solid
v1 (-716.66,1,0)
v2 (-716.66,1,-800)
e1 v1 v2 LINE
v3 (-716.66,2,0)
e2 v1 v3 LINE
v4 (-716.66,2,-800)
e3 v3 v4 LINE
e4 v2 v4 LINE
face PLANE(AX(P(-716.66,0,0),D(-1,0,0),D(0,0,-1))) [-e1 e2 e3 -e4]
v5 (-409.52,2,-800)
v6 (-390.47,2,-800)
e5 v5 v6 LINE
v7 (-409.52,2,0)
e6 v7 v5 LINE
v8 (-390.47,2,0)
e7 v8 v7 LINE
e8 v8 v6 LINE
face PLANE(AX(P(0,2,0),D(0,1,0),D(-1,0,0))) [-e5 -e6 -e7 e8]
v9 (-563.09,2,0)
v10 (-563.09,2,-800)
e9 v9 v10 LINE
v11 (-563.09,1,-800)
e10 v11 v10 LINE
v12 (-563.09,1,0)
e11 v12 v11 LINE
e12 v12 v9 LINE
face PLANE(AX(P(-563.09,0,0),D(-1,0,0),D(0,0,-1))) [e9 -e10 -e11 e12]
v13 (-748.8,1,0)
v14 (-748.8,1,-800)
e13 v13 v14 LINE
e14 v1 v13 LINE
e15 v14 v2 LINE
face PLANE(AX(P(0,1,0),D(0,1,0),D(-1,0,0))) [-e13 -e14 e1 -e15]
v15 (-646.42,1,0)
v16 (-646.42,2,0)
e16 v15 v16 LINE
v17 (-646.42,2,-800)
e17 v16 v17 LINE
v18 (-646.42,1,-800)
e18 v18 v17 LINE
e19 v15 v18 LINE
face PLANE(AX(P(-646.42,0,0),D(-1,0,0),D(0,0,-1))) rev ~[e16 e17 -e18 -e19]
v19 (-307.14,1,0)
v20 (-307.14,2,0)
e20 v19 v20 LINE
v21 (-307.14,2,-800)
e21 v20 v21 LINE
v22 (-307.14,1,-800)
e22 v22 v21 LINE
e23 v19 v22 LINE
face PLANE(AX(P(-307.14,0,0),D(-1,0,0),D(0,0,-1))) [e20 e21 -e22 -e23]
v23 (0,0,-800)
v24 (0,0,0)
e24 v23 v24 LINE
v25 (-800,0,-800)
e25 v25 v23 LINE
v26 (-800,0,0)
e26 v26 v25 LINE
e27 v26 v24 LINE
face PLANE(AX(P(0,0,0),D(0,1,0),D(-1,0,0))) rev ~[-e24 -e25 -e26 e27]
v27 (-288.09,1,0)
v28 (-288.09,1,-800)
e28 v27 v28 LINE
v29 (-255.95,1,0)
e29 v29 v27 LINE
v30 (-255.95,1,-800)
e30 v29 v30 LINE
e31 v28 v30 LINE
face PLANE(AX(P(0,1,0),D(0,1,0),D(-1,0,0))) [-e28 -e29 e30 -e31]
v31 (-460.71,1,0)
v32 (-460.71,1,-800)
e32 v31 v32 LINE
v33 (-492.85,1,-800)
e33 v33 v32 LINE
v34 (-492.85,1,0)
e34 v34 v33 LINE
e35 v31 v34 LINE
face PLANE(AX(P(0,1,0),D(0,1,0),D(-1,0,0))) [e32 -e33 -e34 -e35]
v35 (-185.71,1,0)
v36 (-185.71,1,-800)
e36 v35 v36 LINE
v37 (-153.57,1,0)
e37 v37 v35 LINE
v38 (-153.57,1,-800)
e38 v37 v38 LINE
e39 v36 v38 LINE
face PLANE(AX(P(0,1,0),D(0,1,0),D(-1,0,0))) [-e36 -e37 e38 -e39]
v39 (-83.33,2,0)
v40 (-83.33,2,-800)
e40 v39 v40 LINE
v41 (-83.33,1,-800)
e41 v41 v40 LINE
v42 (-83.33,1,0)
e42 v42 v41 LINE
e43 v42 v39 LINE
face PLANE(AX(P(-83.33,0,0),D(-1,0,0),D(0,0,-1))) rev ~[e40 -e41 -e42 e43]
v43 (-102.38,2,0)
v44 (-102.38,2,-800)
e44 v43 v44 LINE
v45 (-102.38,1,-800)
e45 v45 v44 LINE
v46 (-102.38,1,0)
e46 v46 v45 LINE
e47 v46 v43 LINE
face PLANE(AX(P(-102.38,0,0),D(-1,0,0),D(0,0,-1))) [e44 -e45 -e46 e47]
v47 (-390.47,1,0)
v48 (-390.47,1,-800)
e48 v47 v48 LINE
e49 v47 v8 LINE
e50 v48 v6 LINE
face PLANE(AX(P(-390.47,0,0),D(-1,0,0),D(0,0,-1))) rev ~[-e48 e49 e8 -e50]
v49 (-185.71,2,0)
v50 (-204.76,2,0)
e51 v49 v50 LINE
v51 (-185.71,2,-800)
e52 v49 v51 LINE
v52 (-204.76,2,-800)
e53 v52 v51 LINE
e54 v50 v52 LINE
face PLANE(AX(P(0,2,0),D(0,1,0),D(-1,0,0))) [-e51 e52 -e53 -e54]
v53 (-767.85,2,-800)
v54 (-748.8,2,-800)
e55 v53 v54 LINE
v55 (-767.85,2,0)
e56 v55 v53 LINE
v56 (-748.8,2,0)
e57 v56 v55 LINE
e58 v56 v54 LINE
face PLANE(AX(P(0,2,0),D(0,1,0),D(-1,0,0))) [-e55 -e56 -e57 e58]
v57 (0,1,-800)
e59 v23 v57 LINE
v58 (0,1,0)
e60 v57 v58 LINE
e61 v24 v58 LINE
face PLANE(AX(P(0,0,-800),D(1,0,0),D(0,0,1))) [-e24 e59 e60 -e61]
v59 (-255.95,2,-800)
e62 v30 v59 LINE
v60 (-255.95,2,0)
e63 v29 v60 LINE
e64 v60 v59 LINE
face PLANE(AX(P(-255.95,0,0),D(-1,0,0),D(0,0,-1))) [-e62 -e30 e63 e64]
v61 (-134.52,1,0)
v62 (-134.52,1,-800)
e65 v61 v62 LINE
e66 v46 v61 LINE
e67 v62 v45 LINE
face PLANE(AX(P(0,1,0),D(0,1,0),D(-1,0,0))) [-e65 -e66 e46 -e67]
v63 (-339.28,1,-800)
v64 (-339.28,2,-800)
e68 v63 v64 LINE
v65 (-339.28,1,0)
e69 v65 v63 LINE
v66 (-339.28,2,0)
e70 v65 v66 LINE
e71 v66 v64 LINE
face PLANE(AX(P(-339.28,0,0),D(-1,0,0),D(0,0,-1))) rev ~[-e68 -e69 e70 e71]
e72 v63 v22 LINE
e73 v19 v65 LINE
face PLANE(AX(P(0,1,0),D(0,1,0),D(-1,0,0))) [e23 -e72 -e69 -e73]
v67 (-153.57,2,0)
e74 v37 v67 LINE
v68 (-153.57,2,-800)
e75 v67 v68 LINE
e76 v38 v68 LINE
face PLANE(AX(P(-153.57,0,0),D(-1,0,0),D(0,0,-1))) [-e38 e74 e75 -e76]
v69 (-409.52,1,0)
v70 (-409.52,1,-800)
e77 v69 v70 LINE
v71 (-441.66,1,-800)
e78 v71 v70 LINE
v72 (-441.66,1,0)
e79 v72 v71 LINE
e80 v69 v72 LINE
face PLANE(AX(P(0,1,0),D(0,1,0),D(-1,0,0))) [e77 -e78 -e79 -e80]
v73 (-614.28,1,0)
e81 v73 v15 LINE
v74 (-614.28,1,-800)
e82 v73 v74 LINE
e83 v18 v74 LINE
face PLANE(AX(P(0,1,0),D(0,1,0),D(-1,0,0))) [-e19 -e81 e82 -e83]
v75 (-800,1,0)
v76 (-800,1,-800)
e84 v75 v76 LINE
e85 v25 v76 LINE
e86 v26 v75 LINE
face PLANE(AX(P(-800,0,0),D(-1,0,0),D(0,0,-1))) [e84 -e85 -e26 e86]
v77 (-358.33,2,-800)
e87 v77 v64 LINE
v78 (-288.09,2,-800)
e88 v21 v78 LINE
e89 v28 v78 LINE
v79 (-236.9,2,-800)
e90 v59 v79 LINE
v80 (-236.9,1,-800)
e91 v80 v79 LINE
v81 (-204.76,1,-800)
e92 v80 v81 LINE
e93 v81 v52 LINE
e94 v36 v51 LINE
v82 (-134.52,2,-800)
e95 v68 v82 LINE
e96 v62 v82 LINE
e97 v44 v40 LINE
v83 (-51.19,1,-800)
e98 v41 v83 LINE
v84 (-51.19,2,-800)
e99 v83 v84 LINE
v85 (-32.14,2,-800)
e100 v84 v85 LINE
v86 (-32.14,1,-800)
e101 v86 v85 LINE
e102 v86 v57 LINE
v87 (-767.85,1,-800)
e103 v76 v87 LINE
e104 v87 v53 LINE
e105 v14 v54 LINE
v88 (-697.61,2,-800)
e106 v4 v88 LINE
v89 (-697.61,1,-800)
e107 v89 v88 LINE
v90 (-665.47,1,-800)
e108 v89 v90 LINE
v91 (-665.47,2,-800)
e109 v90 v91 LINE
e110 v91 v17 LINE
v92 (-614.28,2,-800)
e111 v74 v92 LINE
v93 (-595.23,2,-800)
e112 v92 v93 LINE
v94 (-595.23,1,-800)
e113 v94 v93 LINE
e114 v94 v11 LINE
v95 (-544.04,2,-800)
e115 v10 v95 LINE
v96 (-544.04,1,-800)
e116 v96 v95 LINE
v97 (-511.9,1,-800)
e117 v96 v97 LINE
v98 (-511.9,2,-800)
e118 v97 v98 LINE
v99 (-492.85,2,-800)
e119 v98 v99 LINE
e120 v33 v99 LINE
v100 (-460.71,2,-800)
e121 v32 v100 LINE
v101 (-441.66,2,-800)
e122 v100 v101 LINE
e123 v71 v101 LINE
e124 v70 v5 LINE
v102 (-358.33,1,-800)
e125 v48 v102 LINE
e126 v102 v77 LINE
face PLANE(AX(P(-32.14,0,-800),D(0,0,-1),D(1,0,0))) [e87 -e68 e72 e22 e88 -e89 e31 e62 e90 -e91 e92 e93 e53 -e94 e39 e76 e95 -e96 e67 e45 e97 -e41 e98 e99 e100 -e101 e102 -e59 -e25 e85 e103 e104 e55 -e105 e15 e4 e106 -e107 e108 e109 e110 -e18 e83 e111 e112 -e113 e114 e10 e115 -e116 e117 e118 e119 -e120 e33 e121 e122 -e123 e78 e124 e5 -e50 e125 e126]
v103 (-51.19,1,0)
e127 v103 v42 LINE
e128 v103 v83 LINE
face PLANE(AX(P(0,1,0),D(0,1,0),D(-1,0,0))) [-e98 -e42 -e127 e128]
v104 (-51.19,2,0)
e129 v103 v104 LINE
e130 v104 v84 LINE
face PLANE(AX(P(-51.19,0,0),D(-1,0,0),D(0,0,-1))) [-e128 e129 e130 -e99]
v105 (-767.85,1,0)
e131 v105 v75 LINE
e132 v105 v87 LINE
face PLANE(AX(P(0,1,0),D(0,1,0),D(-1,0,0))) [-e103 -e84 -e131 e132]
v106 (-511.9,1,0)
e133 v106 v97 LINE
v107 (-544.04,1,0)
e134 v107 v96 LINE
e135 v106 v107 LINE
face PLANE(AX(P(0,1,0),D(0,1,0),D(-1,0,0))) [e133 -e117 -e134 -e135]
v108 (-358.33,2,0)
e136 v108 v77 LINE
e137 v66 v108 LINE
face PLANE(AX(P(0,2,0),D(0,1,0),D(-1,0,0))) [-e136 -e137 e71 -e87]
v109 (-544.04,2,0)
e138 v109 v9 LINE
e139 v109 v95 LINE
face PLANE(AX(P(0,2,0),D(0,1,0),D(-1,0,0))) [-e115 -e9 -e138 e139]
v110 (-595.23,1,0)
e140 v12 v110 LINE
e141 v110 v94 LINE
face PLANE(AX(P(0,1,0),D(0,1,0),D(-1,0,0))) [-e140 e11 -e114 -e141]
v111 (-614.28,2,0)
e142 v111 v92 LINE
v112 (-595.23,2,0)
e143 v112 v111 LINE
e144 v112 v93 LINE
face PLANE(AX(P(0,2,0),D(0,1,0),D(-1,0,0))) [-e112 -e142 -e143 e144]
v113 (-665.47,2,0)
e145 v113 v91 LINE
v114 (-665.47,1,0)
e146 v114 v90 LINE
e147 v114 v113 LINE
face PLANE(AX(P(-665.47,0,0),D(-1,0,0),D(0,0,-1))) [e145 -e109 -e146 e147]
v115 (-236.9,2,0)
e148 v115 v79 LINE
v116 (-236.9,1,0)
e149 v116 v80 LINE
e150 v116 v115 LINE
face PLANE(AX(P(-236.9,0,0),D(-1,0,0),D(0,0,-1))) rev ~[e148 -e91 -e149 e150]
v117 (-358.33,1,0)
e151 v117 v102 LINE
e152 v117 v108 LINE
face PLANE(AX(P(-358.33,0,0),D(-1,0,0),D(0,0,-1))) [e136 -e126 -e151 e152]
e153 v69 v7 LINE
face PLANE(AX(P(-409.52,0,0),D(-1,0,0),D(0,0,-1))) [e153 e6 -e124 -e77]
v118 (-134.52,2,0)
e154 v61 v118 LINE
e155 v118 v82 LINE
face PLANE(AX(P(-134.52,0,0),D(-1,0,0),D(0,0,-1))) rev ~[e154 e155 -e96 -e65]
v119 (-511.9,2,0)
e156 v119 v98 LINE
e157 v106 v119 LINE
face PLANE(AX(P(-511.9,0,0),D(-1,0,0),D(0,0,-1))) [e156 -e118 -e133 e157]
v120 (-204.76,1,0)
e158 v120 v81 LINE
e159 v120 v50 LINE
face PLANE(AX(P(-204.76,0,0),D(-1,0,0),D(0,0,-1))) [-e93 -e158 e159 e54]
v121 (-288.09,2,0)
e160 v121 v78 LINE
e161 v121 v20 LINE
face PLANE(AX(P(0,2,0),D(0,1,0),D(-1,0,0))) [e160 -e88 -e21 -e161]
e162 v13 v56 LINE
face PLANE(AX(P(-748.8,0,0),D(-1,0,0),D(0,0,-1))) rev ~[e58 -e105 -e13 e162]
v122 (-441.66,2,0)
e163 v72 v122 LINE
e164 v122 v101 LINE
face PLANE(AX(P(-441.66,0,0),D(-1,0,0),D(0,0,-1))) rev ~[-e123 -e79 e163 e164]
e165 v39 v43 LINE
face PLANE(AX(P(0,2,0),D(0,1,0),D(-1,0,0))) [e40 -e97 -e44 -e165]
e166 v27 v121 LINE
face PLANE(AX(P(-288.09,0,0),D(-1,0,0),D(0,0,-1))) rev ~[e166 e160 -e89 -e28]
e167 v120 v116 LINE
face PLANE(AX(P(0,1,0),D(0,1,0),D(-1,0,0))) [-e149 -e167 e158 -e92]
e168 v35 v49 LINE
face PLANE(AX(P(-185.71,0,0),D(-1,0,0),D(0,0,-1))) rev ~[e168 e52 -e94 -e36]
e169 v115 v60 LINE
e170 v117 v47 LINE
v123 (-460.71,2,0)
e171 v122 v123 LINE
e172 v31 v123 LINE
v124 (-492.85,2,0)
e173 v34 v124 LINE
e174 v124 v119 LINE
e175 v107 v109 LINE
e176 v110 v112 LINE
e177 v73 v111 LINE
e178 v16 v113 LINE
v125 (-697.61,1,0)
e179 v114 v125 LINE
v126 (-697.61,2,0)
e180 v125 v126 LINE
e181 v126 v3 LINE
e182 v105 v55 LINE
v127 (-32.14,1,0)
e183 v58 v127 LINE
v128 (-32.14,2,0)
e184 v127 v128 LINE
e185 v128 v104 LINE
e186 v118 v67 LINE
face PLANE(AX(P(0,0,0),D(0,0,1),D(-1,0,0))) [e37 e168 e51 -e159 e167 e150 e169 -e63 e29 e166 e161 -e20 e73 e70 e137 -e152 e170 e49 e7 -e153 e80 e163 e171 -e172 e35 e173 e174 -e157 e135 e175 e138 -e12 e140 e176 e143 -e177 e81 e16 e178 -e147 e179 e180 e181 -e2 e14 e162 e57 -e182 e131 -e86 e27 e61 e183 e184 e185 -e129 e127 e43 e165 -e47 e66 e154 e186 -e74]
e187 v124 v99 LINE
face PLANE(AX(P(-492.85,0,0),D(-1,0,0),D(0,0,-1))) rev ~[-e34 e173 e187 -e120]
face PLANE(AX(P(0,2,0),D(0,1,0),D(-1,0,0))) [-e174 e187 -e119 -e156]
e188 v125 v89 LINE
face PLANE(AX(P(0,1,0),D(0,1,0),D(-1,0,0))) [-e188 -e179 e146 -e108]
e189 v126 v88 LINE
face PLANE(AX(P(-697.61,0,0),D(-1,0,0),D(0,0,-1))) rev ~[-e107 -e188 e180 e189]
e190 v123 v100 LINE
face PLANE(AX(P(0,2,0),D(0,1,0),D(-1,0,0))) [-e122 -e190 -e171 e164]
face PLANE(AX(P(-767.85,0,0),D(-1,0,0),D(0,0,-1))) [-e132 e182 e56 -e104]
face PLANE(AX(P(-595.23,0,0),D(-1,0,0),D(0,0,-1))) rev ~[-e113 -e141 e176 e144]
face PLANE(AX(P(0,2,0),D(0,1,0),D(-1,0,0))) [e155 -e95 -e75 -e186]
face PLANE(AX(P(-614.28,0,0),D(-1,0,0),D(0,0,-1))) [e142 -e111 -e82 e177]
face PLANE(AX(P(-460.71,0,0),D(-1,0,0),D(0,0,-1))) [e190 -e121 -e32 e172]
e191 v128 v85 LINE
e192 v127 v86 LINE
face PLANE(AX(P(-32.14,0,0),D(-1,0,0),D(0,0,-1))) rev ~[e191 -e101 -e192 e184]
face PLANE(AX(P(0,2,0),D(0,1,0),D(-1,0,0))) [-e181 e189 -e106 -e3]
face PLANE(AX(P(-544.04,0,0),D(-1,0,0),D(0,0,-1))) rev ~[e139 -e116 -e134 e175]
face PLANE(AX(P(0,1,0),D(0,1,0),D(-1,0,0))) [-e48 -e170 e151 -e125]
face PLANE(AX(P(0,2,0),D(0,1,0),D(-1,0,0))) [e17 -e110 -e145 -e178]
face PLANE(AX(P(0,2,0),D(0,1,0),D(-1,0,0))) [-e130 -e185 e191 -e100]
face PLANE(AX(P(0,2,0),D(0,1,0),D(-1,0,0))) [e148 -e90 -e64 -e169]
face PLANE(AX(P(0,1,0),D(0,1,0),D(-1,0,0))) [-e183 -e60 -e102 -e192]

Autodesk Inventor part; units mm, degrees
ref_plane "YZ Plane" through (0, 0, 0) normal (1, 0, 0) x (0, 1, 0)
ref_plane "XZ Plane" through (0, 0, 0) normal (0, 1, 0) x (-1, 0, 0)
ref_plane "XY Plane" through (0, 0, 0) normal (0, 0, 1) x (1, 0, 0)
sketch "Sketch1" plane through (0, 0, 0) normal (0, 1, 0) x (-1, 0, 0)
  line L0 (0, 0) -> (800, 0)
  line L1 (800, 0) -> (800, -800)
  line L2 (800, -800) -> (0, -800)
  line L3 (0, -800) -> (0, 0)
  line L4 (0, 0) -> (32.14, 0)
  line L5 (32.14, 0) -> (32.14, -800)
  line L6 (32.14, -800) -> (0, -800)
  line L7 (0, -800) -> (0, 0)
  line L8 (32.14, 0) -> (51.19, 0)
  line L9 (51.19, 0) -> (51.19, -800)
  line L10 (51.19, -800) -> (32.14, -800)
  line L11 (32.14, -800) -> (32.14, 0)
  line L12 (51.19, 0) -> (83.33, 0)
  line L13 (83.33, 0) -> (83.33, -800)
  line L14 (83.33, -800) -> (51.19, -800)
  line L15 (51.19, -800) -> (51.19, 0)
  line L16 (83.33, 0) -> (102.38, 0)
  line L17 (102.38, 0) -> (102.38, -800)
  line L18 (102.38, -800) -> (83.33, -800)
  line L19 (83.33, -800) -> (83.33, 0)
  line L20 (102.38, 0) -> (134.52, 0)
  line L21 (134.52, 0) -> (134.52, -800)
  line L22 (134.52, -800) -> (102.38, -800)
  line L23 (102.38, -800) -> (102.38, 0)
  line L24 (134.52, 0) -> (153.57, 0)
  line L25 (153.57, 0) -> (153.57, -800)
  line L26 (153.57, -800) -> (134.52, -800)
  line L27 (134.52, -800) -> (134.52, 0)
  line L28 (153.57, 0) -> (185.71, 0)
  line L29 (185.71, 0) -> (185.71, -800)
  line L30 (185.71, -800) -> (153.57, -800)
  line L31 (153.57, -800) -> (153.57, 0)
  line L32 (185.71, 0) -> (204.76, 0)
  line L33 (204.76, 0) -> (204.76, -800)
  line L34 (204.76, -800) -> (185.71, -800)
  line L35 (185.71, -800) -> (185.71, 0)
  line L36 (204.76, 0) -> (236.9, 0)
  line L37 (236.9, 0) -> (236.9, -800)
  line L38 (236.9, -800) -> (204.76, -800)
  line L39 (204.76, -800) -> (204.76, 0)
  line L40 (236.9, 0) -> (255.95, 0)
  line L41 (255.95, 0) -> (255.95, -800)
  line L42 (255.95, -800) -> (236.9, -800)
  line L43 (236.9, -800) -> (236.9, 0)
  line L44 (255.95, 0) -> (288.09, 0)
  line L45 (288.09, 0) -> (288.09, -800)
  line L46 (288.09, -800) -> (255.95, -800)
  line L47 (255.95, -800) -> (255.95, 0)
  line L48 (288.09, 0) -> (307.14, 0)
  line L49 (307.14, 0) -> (307.14, -800)
  line L50 (307.14, -800) -> (288.09, -800)
  line L51 (288.09, -800) -> (288.09, 0)
  line L52 (307.14, 0) -> (339.28, 0)
  line L53 (339.28, 0) -> (339.28, -800)
  line L54 (339.28, -800) -> (307.14, -800)
  line L55 (307.14, -800) -> (307.14, 0)
  line L56 (339.28, 0) -> (358.33, 0)
  line L57 (358.33, 0) -> (358.33, -800)
  line L58 (358.33, -800) -> (339.28, -800)
  line L59 (339.28, -800) -> (339.28, 0)
  line L60 (358.33, 0) -> (390.47, 0)
  line L61 (390.47, 0) -> (390.47, -800)
  line L62 (390.47, -800) -> (358.33, -800)
  line L63 (358.33, -800) -> (358.33, 0)
  line L64 (390.47, 0) -> (409.52, 0)
  line L65 (409.52, 0) -> (409.52, -800)
  line L66 (409.52, -800) -> (390.47, -800)
  line L67 (390.47, -800) -> (390.47, 0)
  line L68 (409.52, 0) -> (441.66, 0)
  line L69 (441.66, 0) -> (441.66, -800)
  line L70 (441.66, -800) -> (409.52, -800)
  line L71 (409.52, -800) -> (409.52, 0)
  line L72 (441.66, 0) -> (460.71, 0)
  line L73 (460.71, 0) -> (460.71, -800)
  line L74 (460.71, -800) -> (441.66, -800)
  line L75 (441.66, -800) -> (441.66, 0)
  line L76 (460.71, 0) -> (492.85, 0)
  line L77 (492.85, 0) -> (492.85, -800)
  line L78 (492.85, -800) -> (460.71, -800)
  line L79 (460.71, -800) -> (460.71, 0)
  line L80 (492.85, 0) -> (511.9, 0)
  line L81 (511.9, 0) -> (511.9, -800)
  line L82 (511.9, -800) -> (492.85, -800)
  line L83 (492.85, -800) -> (492.85, 0)
  line L84 (511.9, 0) -> (544.04, 0)
  line L85 (544.04, 0) -> (544.04, -800)
  line L86 (544.04, -800) -> (511.9, -800)
  line L87 (511.9, -800) -> (511.9, 0)
  line L88 (544.04, 0) -> (563.09, 0)
  line L89 (563.09, 0) -> (563.09, -800)
  line L90 (563.09, -800) -> (544.04, -800)
  line L91 (544.04, -800) -> (544.04, 0)
  line L92 (563.09, 0) -> (595.23, 0)
  line L93 (595.23, 0) -> (595.23, -800)
  line L94 (595.23, -800) -> (563.09, -800)
  line L95 (563.09, -800) -> (563.09, 0)
  line L96 (595.23, 0) -> (614.28, 0)
  line L97 (614.28, 0) -> (614.28, -800)
  line L98 (614.28, -800) -> (595.23, -800)
  line L99 (595.23, -800) -> (595.23, 0)
  line L100 (614.28, 0) -> (646.42, 0)
  line L101 (646.42, 0) -> (646.42, -800)
  line L102 (646.42, -800) -> (614.28, -800)
  line L103 (614.28, -800) -> (614.28, 0)
  line L104 (646.42, 0) -> (665.47, 0)
  line L105 (665.47, 0) -> (665.47, -800)
  line L106 (665.47, -800) -> (646.42, -800)
  line L107 (646.42, -800) -> (646.42, 0)
  line L108 (665.47, 0) -> (697.61, 0)
  line L109 (697.61, 0) -> (697.61, -800)
  line L110 (697.61, -800) -> (665.47, -800)
  line L111 (665.47, -800) -> (665.47, 0)
  line L112 (697.61, 0) -> (716.66, 0)
  line L113 (716.66, 0) -> (716.66, -800)
  line L114 (716.66, -800) -> (697.61, -800)
  line L115 (697.61, -800) -> (697.61, 0)
  line L116 (716.66, 0) -> (748.8, 0)
  line L117 (748.8, 0) -> (748.8, -800)
  line L118 (748.8, -800) -> (716.66, -800)
  line L119 (716.66, -800) -> (716.66, 0)
  line L120 (748.8, 0) -> (767.85, 0)
  line L121 (767.85, 0) -> (767.85, -800)
  line L122 (767.85, -800) -> (748.8, -800)
  line L123 (748.8, -800) -> (748.8, 0)
  dimension "d0" = 800
  dimension "d1" = 800
  dimension "d2" = 32.14
  dimension "d4" = 19.05
  dimension "d6" = 32.14
  dimension "d7" = 19.05
  dimension "d8" = 32.14
  dimension "d9" = 19.05
  dimension "d10" = 32.14
  dimension "d11" = 19.05
  dimension "d12" = 32.14
  dimension "d13" = 19.05
  dimension "d14" = 32.14
  dimension "d15" = 19.05
  dimension "d16" = 32.14
  dimension "d17" = 19.05
  dimension "d18" = 32.14
  dimension "d19" = 19.05
  dimension "d20" = 32.14
  dimension "d21" = 19.05
  dimension "d22" = 32.14
  dimension "d23" = 19.05
  dimension "d24" = 32.14
  dimension "d25" = 19.05
  dimension "d26" = 32.14
  dimension "d27" = 19.05
  dimension "d28" = 32.14
  dimension "d29" = 19.05
  dimension "d30" = 32.14
  dimension "d31" = 19.05
  dimension "d32" = 32.14
  dimension "d33" = 19.05
extrude "Extrusion1" add sketch "Sketch1" along normal blind 1 contours L0 L5 L2 L3 | L0 L13 L2 L9 | L0 L21 L2 L17 | L0 L29 L2 L25 | L0 L37 L2 L33 | L0 L45 L2 L41 | L0 L53 L2 L49 | L0 L61 L2 L57 | L0 L69 L2 L65 | L0 L77 L2 L73 | L0 L85 L2 L81 | L0 L93 L2 L89 | L0 L101 L2 L97 | L0 L109 L2 L105 | L0 L117 L2 L113 | L0 L1 L2 L121
extrude "Extrusion2" add sketch "Sketch1" along normal blind 2 contours L0 L9 L2 L5 | L0 L17 L2 L13 | L0 L25 L2 L21 | L0 L33 L2 L29 | L0 L41 L2 L37 | L0 L49 L2 L45 | L0 L57 L2 L53 | L0 L65 L2 L61 | L0 L73 L2 L69 | L0 L81 L2 L77 | L0 L89 L2 L85 | L0 L97 L2 L93 | L0 L105 L2 L101 | L0 L113 L2 L109 | L0 L121 L2 L117
properties part number "Sensor Grid Rows-Collumns"
